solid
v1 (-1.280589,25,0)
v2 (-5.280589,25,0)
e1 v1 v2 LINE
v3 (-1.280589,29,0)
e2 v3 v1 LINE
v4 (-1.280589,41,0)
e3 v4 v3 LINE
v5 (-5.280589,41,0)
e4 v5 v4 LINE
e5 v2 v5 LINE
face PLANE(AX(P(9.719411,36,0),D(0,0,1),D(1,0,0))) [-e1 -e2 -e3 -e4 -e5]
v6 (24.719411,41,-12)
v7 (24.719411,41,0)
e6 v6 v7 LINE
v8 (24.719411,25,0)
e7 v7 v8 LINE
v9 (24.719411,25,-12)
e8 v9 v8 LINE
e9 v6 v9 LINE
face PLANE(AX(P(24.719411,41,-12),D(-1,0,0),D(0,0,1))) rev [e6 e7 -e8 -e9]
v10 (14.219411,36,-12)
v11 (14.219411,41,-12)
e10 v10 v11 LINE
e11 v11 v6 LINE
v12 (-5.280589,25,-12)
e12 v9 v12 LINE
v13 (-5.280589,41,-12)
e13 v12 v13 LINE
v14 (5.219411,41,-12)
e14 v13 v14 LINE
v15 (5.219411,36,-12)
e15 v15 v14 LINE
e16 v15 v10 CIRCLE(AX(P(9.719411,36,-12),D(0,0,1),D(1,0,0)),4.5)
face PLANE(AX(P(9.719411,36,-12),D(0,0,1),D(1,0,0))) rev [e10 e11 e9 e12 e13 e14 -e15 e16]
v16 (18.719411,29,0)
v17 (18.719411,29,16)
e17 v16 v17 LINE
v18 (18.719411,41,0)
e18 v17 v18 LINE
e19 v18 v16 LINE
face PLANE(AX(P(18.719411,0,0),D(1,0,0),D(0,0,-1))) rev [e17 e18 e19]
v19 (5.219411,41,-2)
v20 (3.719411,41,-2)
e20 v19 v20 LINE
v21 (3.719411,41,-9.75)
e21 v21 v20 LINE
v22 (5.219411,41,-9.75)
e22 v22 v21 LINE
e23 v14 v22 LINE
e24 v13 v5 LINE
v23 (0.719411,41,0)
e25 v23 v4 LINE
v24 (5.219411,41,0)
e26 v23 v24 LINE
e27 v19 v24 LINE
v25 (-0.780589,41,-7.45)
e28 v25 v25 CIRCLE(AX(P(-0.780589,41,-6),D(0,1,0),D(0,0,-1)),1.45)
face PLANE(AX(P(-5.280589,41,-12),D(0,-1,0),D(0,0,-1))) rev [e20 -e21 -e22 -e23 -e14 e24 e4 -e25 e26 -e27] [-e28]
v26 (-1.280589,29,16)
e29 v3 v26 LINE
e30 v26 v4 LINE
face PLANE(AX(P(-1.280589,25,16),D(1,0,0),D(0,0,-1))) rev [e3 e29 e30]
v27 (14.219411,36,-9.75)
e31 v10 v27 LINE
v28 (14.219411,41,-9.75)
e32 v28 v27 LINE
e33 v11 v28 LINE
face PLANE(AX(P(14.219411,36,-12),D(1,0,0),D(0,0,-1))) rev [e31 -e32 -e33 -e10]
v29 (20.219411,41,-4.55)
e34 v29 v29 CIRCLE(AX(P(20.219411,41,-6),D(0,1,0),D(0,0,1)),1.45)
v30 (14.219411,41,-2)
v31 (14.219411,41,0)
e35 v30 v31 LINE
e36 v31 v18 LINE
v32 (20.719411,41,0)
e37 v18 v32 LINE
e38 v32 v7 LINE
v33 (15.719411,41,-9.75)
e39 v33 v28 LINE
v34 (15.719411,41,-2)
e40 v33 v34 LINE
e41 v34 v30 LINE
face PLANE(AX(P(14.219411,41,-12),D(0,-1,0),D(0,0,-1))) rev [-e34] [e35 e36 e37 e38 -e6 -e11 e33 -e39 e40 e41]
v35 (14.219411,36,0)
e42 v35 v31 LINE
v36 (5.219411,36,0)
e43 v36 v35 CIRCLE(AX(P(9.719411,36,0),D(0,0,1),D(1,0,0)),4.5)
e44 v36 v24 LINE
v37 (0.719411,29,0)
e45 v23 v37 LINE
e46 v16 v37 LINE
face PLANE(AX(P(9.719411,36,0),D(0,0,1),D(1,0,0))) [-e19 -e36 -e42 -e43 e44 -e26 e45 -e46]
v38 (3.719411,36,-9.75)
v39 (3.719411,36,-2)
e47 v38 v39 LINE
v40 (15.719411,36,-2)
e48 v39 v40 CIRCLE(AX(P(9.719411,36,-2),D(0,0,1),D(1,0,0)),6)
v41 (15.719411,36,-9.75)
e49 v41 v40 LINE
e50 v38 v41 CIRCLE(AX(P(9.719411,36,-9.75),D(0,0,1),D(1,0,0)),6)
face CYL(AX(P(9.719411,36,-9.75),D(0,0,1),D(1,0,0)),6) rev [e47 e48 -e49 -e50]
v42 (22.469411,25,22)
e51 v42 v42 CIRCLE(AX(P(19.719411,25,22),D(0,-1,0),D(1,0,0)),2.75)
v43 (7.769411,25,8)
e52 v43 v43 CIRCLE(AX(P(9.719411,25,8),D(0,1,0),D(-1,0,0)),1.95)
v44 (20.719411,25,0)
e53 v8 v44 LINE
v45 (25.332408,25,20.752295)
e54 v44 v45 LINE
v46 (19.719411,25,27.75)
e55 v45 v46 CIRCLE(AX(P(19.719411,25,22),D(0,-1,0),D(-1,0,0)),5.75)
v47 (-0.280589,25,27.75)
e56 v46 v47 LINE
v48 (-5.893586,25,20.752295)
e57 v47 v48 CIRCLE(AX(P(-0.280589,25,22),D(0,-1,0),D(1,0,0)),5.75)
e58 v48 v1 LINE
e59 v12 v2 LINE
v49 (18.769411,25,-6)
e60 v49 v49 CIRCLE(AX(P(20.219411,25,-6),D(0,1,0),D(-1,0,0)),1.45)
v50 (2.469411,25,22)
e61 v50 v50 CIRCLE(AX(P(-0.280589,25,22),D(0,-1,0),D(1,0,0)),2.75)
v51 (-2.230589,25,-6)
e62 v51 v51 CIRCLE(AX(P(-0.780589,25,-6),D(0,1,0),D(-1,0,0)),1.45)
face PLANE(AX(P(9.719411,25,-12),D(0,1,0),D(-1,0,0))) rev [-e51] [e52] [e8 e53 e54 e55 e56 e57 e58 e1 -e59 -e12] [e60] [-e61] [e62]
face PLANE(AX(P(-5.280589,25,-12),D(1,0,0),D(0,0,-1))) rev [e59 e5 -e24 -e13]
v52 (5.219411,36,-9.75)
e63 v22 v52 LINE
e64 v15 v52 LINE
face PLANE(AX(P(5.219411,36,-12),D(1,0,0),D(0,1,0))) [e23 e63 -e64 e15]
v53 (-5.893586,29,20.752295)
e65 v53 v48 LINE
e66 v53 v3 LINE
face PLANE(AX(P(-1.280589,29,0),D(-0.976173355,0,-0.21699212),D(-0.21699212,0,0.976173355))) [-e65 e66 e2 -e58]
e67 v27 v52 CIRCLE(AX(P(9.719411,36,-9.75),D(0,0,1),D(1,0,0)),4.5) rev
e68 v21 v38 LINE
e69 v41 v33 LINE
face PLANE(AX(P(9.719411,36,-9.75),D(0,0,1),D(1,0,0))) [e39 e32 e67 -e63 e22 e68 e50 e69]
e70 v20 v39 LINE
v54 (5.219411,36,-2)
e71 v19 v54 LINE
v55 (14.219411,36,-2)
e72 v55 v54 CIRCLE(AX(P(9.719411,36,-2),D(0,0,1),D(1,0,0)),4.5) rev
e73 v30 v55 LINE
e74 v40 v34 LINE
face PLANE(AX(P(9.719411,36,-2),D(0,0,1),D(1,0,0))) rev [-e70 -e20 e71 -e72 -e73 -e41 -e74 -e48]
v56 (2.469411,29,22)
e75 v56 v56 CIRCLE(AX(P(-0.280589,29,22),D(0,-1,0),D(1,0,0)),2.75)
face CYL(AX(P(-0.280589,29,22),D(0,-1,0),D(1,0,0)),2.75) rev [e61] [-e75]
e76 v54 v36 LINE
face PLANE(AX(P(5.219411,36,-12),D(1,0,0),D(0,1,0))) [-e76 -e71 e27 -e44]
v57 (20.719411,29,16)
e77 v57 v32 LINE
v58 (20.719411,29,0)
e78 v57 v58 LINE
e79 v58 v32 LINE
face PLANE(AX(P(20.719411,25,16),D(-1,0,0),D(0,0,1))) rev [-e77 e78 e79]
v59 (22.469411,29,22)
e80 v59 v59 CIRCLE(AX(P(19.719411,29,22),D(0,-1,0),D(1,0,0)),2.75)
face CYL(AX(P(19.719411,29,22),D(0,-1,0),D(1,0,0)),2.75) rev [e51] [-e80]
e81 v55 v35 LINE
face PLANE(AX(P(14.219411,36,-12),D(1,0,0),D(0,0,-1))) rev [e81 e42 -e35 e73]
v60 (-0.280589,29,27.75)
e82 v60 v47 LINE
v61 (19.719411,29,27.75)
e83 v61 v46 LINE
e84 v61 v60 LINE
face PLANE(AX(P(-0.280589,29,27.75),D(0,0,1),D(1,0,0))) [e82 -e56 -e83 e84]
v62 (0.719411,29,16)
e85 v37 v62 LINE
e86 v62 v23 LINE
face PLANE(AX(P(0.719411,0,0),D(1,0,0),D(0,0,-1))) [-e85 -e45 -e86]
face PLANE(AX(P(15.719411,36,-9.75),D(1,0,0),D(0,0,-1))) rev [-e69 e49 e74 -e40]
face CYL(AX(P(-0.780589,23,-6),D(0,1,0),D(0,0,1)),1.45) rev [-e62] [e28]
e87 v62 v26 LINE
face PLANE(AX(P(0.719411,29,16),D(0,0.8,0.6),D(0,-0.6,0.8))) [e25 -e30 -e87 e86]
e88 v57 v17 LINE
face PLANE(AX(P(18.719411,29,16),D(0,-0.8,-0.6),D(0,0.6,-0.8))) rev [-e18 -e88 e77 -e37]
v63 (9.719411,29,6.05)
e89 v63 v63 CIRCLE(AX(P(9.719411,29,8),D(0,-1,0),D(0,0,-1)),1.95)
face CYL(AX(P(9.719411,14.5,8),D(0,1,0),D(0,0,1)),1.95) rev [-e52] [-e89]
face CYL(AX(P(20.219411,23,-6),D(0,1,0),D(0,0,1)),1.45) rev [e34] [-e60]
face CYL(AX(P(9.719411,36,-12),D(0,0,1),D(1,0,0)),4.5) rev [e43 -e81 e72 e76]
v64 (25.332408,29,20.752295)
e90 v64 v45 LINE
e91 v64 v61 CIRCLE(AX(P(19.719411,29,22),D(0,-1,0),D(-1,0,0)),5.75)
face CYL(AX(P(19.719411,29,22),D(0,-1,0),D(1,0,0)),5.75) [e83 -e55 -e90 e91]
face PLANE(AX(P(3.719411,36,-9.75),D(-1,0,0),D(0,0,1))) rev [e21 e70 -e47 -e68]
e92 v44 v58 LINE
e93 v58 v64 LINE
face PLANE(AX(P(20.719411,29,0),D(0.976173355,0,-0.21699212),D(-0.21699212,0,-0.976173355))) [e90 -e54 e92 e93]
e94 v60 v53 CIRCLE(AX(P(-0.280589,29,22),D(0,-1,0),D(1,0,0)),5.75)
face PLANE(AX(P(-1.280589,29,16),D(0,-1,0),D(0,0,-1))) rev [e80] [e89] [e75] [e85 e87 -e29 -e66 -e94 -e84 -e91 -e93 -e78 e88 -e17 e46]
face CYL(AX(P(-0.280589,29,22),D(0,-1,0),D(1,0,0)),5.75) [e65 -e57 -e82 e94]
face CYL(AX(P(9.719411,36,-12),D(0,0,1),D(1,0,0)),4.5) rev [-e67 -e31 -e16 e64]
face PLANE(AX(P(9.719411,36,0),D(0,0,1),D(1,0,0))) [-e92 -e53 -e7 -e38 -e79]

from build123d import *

# Parameters (mm, degrees)
BOSS_EXTRUDE1_DEPTH = 12
CUT_EXTRUDE1_START  = -2
CUT_EXTRUDE1_DEPTH  = 7.75
SKETCH3_R           = 1.45
CUT_EXTRUDE2_DEPTH  = 18
SKETCH4_W           = 22
SKETCH4_H           = 4
BOSS_EXTRUDE2_DEPTH = 16
SKETCH5_R           = 1.95
CUT_EXTRUDE3_DEPTH  = 14.5
BOSS_EXTRUDE3_DEPTH = 2
BOSS_EXTRUDE4_START = -22
BOSS_EXTRUDE4_DEPTH = 2
SKETCH7_R           = 2.75
BOSS_EXTRUDE5_DEPTH = 4


with BuildPart() as part:
    # Sketch1 → Boss-Extrude1 (new body)
    with BuildSketch(Plane.XY):
        with BuildLine():
            Line((-5.280588843, 25), (-5.280588843, 41))
            Line((-5.280588843, 41), (5.219411157, 41))
            Line((5.219411157, 41), (5.219411157, 36))
            ThreePointArc((5.219411157, 36), (9.719411157, 31.5), (14.219411157, 36))
            Line((14.219411157, 36), (14.219411157, 41))
            Line((14.219411157, 41), (24.719411157, 41))
            Line((24.719411157, 41), (24.719411157, 25))
            Line((24.719411157, 25), (9.719411157, 25))
            Line((9.719411157, 25), (-5.280588843, 25))
        make_face()
    extrude(amount=-BOSS_EXTRUDE1_DEPTH)

    # Sketch2 → Cut-Extrude1 (cut)
    with BuildSketch(Plane.XY.offset(CUT_EXTRUDE1_START)):
        with BuildLine():
            Line((3.719411157, 36), (3.719411157, 41))
            Line((3.719411157, 41), (15.719411157, 41))
            Line((15.719411157, 41), (15.719411157, 36))
            ThreePointArc((15.719411157, 36), (9.719411157, 30), (3.719411157, 36))
        make_face()
    extrude(amount=-CUT_EXTRUDE1_DEPTH, mode=Mode.SUBTRACT)

    # Sketch3 → Cut-Extrude2 (cut)
    with BuildSketch(Plane(origin=(0, 41, 0), x_dir=(1, 0, 0), z_dir=(0, 1, 0))):
        with Locations((20.219411157, 6)):
            Circle(SKETCH3_R)
        with Locations((-0.780588843, 6)):
            Circle(SKETCH3_R)
    extrude(amount=-CUT_EXTRUDE2_DEPTH, mode=Mode.SUBTRACT)

    # Sketch4 → Boss-Extrude2 (add)
    with BuildSketch(Plane.XY):
        with Locations((9.719411157, 27)):
            Rectangle(SKETCH4_W, SKETCH4_H)
    extrude(amount=BOSS_EXTRUDE2_DEPTH)

    # Sketch5 → Cut-Extrude3 (cut, symmetric)
    with BuildSketch(Plane(origin=(0, 29, 0), x_dir=(1, 0, 0), z_dir=(0, 1, 0))):
        with Locations((9.719411157, -8)):
            Circle(SKETCH5_R)
    extrude(amount=CUT_EXTRUDE3_DEPTH, both=True, mode=Mode.SUBTRACT)

    # Sketch6 → Boss-Extrude3 (add)
    with BuildSketch(Plane.ZY.offset(1.280588843)):
        Polygon((16, 29), (0, 41), (0, 29), align=None)
    extrude(amount=-BOSS_EXTRUDE3_DEPTH)

    # Sketch6<2> → Boss-Extrude4 (add)
    with BuildSketch(Plane.ZY.offset(1.280588843).offset(BOSS_EXTRUDE4_START)):
        Polygon((16, 29), (0, 41), (0, 29), align=None)
    extrude(amount=BOSS_EXTRUDE4_DEPTH)

    # Sketch7 → Boss-Extrude5 (add)
    with BuildSketch(Plane(origin=(0, 25, 0), x_dir=(-1, 0, 0), z_dir=(0, -1, 0))):
        with BuildLine():
            Line((1.280588843, 0), (5.893585637, -20.752295309))
            ThreePointArc((5.893585637, -20.752295309), (4.765942897, -25.597790852), (0.280588843, -27.75))
            Line((0.280588843, -27.75), (-19.719411157, -27.75))
            ThreePointArc((-19.719411157, -27.75), (-24.204765211, -25.597790852), (-25.33240795, -20.752295309))
            Line((-25.33240795, -20.752295309), (-20.719411157, 0))
            Line((-20.719411157, 0), (-20.719411157, -16))
            Line((-20.719411157, -16), (1.280588843, -16))
            Line((1.280588843, -16), (1.280588843, 0))
        make_face()
        with Locations((0.280588843, -22)):
            Circle(SKETCH7_R, mode=Mode.SUBTRACT)
        with Locations((-19.719411157, -22)):
            Circle(SKETCH7_R, mode=Mode.SUBTRACT)
    extrude(amount=-BOSS_EXTRUDE5_DEPTH)


solid = part.part
